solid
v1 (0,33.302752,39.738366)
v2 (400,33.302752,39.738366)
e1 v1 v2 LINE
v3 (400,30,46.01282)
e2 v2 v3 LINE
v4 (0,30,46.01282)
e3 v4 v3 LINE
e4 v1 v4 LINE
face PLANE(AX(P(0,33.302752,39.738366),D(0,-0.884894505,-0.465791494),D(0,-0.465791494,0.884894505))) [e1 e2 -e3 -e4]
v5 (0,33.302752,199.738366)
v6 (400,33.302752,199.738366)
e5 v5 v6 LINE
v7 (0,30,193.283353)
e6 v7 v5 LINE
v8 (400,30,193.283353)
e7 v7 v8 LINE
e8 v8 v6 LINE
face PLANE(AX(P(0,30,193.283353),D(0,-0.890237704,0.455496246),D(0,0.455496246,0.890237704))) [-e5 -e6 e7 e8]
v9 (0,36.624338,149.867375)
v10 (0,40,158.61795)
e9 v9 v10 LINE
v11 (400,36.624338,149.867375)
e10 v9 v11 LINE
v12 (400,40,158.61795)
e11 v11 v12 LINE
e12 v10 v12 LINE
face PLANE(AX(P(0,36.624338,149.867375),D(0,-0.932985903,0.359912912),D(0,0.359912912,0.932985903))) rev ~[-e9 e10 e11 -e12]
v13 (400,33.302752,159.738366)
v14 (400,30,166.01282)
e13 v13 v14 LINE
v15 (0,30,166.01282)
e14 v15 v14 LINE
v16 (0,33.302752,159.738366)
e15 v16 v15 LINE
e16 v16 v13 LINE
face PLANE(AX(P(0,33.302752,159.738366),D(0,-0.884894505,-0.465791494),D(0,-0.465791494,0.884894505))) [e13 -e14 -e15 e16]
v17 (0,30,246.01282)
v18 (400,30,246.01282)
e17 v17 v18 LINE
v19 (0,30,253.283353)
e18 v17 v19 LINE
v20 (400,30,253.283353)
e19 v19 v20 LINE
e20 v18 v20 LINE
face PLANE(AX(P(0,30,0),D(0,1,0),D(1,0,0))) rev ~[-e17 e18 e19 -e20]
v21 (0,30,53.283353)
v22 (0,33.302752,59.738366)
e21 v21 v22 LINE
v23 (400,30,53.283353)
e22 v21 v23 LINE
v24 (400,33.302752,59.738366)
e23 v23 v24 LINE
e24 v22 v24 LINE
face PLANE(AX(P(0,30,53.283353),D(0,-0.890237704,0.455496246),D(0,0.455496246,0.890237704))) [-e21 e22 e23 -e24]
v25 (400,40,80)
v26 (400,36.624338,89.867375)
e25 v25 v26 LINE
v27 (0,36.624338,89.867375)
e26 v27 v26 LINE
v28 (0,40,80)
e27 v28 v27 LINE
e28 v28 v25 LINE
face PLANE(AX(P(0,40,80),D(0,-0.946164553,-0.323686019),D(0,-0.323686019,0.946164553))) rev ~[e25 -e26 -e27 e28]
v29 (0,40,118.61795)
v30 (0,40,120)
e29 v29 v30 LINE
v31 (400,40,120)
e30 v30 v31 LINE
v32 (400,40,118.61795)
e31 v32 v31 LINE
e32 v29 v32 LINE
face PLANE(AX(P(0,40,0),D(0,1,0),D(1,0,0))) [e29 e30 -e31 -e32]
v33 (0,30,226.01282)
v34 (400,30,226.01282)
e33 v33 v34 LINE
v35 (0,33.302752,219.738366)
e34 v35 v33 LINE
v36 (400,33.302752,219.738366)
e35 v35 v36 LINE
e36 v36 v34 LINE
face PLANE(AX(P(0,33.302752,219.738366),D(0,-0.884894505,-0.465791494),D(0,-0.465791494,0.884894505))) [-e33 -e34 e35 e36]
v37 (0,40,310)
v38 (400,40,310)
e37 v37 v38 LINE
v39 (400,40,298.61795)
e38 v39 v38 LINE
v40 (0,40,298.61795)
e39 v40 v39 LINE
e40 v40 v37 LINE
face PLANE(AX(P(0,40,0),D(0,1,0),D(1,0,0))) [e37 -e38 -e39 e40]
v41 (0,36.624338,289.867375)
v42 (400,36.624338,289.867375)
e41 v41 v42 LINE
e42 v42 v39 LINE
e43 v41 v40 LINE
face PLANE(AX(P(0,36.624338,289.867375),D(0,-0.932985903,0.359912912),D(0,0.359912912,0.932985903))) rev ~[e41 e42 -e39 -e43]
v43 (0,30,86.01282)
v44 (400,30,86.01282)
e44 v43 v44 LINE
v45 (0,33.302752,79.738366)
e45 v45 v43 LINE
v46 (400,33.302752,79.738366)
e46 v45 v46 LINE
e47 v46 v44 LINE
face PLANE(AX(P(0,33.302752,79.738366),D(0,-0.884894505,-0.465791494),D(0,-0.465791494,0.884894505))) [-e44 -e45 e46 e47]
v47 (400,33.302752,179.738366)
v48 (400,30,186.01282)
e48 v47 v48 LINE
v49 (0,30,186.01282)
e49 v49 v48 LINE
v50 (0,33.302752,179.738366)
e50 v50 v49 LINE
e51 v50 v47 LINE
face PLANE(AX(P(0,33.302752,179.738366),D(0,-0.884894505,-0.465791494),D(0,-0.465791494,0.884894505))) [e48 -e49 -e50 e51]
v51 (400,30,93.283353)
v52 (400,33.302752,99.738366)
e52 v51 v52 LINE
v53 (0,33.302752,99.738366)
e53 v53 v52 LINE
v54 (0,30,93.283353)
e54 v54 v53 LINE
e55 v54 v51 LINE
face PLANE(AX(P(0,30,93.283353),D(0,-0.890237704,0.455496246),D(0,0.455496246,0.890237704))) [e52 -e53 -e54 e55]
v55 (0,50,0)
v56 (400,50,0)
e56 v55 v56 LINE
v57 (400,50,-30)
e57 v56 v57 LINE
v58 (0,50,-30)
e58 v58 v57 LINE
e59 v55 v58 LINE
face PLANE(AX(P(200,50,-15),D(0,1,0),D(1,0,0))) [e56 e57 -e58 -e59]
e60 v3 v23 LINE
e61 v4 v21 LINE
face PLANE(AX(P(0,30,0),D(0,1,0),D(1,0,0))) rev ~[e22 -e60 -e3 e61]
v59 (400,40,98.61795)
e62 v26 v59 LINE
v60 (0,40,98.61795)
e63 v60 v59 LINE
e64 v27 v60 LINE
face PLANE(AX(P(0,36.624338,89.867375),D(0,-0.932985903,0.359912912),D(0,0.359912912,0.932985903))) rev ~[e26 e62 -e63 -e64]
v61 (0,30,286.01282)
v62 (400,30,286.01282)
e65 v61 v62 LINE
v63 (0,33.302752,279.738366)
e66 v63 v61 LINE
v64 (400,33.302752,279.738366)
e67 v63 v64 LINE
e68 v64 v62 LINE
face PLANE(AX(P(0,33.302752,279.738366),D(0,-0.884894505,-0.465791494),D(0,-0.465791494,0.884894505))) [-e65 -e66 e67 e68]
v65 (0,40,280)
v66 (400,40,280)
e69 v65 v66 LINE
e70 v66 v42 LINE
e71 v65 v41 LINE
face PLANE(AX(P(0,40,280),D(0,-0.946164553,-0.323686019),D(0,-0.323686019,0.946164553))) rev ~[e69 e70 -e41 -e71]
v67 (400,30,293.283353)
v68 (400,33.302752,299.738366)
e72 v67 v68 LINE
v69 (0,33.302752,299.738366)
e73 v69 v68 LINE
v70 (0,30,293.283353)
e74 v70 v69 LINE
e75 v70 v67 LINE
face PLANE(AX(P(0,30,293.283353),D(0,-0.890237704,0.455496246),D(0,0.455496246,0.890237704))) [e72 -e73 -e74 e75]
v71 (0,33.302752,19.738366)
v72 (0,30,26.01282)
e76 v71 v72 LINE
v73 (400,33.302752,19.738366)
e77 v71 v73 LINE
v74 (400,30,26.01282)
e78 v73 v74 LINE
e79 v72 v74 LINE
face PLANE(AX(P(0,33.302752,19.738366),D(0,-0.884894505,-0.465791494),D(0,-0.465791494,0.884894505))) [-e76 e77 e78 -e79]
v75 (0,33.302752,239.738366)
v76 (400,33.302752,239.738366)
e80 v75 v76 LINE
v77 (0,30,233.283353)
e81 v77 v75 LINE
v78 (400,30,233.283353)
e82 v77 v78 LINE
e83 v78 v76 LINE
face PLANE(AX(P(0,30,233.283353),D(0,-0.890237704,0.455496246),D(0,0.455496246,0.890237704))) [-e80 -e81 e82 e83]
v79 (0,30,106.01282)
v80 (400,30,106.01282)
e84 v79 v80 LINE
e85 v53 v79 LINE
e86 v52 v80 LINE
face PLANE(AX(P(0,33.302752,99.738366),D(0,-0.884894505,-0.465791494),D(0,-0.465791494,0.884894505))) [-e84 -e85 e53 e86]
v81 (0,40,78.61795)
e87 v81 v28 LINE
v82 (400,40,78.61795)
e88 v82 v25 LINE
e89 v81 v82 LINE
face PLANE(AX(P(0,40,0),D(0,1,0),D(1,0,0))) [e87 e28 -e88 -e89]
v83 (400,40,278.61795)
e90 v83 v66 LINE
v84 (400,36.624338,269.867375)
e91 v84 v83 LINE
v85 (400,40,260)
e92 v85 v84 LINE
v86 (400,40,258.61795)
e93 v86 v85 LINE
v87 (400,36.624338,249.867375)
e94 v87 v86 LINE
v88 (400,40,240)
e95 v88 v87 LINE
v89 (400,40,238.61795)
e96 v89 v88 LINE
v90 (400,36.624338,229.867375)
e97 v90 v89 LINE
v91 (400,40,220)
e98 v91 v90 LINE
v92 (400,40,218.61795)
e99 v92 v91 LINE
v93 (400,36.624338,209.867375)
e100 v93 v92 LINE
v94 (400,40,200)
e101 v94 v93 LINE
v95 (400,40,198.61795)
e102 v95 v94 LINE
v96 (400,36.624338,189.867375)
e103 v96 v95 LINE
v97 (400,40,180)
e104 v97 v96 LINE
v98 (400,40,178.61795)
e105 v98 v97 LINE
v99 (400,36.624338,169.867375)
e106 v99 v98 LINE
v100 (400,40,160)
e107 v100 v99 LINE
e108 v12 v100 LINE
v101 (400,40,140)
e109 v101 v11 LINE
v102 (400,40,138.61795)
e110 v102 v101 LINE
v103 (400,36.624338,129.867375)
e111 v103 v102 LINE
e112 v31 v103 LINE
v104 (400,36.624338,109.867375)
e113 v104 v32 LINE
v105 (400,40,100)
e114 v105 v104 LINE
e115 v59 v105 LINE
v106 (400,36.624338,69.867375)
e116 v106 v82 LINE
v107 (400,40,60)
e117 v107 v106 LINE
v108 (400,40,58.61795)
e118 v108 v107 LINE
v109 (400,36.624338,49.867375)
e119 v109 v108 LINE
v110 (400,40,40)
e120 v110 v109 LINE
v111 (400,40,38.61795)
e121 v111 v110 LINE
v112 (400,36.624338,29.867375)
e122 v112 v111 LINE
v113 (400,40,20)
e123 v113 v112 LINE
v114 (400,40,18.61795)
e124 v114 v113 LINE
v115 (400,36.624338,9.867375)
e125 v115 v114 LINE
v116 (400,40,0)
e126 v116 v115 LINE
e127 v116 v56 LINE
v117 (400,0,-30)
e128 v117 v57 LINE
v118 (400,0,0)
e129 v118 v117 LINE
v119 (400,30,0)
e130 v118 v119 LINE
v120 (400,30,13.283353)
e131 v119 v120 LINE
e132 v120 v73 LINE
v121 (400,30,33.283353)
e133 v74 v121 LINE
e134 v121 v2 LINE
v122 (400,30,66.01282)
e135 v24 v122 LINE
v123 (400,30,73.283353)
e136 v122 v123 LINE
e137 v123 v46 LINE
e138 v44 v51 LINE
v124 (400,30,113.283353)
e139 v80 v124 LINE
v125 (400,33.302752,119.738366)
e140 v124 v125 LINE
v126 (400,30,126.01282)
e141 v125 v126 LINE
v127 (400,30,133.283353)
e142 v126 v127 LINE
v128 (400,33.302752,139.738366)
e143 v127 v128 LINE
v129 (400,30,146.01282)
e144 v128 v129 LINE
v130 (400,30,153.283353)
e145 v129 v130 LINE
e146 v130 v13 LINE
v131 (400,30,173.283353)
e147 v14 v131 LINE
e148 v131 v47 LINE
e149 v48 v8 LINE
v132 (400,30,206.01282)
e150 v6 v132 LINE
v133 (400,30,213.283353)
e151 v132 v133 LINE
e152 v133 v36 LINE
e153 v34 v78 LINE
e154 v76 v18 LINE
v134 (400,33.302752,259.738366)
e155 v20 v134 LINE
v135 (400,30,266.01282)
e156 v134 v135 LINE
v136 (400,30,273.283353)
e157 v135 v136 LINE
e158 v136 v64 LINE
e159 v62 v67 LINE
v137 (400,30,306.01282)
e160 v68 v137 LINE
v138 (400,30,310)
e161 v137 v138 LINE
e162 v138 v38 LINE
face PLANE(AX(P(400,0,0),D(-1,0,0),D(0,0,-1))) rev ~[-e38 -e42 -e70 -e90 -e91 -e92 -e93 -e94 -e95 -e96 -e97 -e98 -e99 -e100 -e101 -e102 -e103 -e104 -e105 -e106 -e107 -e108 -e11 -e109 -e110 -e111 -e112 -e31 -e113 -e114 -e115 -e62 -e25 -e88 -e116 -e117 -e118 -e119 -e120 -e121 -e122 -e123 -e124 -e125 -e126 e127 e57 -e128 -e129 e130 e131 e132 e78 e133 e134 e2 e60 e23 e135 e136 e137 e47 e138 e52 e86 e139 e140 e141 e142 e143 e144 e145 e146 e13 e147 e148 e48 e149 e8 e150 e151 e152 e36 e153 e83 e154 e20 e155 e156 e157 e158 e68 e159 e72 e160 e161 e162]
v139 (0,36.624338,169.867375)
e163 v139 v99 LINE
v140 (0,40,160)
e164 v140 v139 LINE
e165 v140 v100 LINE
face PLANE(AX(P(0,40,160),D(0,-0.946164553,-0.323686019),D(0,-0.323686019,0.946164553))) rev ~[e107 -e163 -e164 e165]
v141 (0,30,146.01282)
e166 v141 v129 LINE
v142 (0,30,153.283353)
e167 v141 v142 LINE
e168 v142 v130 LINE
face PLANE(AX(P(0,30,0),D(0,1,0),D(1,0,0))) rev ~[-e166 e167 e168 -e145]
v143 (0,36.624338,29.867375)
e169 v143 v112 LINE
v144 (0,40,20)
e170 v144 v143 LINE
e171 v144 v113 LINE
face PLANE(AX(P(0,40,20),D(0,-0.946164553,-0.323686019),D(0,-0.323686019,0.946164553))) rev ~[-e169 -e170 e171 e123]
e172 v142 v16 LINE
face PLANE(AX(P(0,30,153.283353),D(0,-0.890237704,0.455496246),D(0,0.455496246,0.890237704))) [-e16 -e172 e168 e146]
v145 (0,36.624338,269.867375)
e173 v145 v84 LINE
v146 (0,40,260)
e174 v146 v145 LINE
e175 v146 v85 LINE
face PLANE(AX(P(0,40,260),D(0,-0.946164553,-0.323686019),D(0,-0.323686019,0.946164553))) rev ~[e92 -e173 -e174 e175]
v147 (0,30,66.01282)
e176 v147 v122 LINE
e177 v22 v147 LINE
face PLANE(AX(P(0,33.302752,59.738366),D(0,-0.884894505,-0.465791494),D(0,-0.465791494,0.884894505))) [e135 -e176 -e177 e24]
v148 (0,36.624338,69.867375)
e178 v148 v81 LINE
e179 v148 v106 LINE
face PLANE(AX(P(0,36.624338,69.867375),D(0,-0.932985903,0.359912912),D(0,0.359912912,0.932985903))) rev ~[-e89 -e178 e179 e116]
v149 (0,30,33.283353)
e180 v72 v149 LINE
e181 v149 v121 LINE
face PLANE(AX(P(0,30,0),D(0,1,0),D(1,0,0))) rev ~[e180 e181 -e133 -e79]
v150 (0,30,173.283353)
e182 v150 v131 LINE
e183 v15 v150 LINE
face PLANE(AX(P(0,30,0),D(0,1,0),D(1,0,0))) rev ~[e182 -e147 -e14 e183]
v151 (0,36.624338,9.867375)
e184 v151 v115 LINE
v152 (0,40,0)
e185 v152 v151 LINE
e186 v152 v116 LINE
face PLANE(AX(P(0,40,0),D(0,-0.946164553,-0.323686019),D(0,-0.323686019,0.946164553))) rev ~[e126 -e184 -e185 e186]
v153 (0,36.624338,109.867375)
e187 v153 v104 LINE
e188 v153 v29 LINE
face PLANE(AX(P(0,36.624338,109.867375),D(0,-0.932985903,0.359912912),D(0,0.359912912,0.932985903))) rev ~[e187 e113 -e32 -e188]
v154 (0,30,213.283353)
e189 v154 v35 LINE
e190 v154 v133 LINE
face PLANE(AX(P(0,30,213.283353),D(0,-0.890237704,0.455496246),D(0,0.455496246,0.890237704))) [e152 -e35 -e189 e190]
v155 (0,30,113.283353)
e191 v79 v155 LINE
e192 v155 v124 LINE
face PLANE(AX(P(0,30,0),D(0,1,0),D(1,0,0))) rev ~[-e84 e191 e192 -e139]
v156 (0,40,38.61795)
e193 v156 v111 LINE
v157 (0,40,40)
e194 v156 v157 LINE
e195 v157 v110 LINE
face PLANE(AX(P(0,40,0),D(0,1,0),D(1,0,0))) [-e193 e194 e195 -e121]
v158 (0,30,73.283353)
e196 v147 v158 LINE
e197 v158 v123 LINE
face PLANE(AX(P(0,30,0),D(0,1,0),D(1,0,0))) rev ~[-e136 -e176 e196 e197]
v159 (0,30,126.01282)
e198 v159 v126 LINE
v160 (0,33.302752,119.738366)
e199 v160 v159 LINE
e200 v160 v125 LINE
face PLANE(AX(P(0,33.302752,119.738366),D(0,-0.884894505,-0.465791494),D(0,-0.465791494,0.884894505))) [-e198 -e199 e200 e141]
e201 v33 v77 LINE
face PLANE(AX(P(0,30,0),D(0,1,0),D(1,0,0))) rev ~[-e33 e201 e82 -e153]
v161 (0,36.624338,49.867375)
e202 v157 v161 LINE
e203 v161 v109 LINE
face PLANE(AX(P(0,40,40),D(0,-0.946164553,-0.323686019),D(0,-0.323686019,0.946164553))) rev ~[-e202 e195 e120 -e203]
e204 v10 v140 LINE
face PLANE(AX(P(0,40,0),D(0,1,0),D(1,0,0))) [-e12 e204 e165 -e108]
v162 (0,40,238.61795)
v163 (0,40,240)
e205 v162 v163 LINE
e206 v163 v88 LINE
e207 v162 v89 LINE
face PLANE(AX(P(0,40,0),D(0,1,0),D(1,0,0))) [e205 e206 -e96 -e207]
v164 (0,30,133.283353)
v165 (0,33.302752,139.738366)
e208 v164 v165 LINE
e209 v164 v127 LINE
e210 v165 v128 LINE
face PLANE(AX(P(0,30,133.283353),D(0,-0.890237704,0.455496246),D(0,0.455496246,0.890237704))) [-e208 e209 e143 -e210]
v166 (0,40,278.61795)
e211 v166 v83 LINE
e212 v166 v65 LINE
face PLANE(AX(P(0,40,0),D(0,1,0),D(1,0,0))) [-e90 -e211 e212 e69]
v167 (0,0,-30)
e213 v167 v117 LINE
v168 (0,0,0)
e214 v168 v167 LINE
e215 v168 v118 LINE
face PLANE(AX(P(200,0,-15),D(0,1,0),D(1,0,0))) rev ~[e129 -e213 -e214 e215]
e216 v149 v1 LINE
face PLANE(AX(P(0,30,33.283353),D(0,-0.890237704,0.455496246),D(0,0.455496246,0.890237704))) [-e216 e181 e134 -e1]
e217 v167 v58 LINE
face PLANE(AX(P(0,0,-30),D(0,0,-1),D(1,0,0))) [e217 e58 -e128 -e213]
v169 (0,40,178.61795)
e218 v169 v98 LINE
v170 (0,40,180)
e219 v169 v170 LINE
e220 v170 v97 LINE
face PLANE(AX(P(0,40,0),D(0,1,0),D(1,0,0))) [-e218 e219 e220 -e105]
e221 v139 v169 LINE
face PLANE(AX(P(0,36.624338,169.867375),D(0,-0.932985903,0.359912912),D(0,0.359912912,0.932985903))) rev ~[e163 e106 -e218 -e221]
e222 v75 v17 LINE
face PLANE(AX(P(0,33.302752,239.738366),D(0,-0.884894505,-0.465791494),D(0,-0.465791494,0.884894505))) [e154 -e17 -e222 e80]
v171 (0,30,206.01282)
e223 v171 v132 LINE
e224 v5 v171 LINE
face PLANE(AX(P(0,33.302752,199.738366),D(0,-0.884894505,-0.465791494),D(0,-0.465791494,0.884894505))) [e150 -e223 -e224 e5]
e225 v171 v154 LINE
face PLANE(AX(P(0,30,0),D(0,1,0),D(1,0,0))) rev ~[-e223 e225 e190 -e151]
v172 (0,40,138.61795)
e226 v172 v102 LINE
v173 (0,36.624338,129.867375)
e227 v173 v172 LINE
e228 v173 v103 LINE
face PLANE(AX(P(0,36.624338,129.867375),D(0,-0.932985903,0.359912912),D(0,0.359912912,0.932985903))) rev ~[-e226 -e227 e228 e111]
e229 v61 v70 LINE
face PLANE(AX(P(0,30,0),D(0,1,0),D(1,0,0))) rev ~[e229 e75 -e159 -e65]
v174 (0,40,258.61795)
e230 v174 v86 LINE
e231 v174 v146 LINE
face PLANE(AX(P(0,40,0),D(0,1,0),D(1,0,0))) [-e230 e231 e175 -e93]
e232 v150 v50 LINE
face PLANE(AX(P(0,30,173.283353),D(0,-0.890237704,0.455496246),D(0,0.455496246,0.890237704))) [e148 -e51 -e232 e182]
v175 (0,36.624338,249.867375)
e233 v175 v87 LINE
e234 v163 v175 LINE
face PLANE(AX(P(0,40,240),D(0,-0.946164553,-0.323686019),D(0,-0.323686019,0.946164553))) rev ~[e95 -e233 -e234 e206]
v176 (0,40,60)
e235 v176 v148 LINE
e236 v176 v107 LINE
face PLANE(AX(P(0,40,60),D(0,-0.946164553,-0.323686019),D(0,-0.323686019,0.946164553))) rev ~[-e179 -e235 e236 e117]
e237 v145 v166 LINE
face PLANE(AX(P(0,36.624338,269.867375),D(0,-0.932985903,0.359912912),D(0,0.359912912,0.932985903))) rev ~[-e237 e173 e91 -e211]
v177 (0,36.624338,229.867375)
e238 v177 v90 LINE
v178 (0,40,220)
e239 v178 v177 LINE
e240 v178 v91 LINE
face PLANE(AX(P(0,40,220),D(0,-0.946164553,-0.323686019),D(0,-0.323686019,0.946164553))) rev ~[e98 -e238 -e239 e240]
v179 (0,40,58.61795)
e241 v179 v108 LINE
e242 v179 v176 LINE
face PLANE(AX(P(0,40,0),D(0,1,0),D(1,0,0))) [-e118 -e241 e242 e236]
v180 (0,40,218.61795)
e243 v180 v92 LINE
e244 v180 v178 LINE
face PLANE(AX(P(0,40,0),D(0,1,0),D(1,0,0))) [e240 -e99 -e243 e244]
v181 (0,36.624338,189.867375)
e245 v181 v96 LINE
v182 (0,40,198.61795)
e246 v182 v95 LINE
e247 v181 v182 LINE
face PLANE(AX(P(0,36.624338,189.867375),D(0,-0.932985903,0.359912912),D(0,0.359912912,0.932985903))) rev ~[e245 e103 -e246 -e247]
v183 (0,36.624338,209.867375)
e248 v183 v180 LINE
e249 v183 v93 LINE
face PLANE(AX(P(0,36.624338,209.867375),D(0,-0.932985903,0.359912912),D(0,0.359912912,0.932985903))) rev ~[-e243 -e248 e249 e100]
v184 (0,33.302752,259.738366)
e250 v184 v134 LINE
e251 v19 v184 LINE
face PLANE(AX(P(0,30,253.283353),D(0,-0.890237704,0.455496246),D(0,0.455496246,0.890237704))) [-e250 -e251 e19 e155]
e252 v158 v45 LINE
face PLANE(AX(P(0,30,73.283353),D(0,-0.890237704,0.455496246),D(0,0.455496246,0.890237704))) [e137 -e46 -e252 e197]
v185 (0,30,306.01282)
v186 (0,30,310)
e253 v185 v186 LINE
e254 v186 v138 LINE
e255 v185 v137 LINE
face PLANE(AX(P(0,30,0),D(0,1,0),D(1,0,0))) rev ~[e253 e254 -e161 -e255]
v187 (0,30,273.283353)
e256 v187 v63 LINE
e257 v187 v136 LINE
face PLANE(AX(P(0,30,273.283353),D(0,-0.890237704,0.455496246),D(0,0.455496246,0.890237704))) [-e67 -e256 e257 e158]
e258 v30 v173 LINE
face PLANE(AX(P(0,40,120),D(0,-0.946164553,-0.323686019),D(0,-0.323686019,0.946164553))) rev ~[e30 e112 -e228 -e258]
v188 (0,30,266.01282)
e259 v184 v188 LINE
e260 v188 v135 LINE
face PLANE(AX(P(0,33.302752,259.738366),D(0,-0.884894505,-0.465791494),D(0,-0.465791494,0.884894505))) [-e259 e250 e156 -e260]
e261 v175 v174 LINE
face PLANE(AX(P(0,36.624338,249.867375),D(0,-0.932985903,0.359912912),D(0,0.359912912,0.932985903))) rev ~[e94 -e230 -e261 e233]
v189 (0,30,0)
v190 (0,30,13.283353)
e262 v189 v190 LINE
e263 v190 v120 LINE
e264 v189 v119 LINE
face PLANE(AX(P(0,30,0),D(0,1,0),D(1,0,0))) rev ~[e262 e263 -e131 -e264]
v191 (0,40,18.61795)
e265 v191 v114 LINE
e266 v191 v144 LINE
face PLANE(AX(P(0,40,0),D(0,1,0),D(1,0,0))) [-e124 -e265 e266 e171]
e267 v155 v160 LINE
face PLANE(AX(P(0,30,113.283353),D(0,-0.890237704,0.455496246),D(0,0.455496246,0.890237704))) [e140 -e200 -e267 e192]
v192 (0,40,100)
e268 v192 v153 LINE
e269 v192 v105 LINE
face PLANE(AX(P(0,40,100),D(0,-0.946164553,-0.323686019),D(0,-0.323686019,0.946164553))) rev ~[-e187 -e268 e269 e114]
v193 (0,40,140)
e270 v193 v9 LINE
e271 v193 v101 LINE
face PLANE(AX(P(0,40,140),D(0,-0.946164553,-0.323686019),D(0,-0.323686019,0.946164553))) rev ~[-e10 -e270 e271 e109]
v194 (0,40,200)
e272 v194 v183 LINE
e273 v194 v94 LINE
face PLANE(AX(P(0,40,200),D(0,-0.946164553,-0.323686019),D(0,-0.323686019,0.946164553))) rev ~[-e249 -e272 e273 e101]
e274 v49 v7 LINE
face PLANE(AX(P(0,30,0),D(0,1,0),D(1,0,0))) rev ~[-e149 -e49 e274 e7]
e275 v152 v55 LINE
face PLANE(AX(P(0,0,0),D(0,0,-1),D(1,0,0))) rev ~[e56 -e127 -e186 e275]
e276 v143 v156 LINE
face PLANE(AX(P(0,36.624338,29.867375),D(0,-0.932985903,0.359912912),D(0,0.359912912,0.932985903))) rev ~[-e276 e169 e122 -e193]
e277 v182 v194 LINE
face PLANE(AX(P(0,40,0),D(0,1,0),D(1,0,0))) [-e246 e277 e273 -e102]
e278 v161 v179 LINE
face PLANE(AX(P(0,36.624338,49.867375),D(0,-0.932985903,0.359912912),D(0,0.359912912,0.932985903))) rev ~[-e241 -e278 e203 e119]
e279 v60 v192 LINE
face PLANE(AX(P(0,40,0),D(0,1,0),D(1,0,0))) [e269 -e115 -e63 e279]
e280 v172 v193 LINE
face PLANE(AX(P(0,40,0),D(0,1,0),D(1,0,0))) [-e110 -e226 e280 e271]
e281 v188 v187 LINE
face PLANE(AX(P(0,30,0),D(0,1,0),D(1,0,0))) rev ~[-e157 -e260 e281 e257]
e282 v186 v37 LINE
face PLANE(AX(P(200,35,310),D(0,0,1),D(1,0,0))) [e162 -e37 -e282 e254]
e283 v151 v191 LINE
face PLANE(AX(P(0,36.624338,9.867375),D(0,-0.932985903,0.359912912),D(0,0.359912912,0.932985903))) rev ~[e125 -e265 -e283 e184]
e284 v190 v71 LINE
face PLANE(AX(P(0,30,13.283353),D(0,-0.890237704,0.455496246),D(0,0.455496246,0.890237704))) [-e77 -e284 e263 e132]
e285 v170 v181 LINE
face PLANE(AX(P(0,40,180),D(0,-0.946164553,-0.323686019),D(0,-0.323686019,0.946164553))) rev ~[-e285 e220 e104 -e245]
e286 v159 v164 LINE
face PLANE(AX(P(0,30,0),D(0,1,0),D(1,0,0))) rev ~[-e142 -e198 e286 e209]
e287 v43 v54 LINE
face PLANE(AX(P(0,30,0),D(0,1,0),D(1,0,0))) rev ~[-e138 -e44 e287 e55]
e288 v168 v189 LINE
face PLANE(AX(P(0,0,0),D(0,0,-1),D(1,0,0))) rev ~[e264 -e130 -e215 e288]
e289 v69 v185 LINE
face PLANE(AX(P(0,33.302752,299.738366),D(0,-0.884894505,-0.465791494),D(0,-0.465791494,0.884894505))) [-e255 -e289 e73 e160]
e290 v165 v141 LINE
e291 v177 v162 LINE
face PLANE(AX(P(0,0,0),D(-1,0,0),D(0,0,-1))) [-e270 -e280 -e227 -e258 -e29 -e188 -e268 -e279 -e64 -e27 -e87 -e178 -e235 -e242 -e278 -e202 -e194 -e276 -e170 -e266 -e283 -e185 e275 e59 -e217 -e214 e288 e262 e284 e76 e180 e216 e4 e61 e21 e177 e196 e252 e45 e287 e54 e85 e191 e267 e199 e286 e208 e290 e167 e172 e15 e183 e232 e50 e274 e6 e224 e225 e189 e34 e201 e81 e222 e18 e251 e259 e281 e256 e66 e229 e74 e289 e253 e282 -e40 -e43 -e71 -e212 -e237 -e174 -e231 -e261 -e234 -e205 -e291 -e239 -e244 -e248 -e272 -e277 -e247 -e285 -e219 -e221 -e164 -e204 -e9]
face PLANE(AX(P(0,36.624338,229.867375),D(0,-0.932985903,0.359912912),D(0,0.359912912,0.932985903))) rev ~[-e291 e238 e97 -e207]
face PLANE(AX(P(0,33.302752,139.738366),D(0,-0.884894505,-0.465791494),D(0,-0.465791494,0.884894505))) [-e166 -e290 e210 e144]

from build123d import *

# Parameters (mm, degrees)
SKETCH1_W           = 400
SKETCH1_H           = 30
BOSS_EXTRUDE1_DEPTH = 50
SKETCH2_W           = 400
SKETCH2_H           = 10
BOSS_EXTRUDE2_DEPTH = 310
CUT_EXTRUDE1_DEPTH  = 400
LPATTERN1_COUNT     = 15
LPATTERN1_PITCH     = 20


with BuildPart() as part:
    # Sketch1 → Boss-Extrude1 (new body)
    with BuildSketch(Plane(origin=(0, 0, 0), x_dir=(1, 0, 0), z_dir=(0, 1, 0))):
        with Locations((200, 15)):
            Rectangle(SKETCH1_W, SKETCH1_H)
    extrude(amount=BOSS_EXTRUDE1_DEPTH)

    # Sketch2 → Boss-Extrude2 (add)
    with BuildSketch(Plane.XY):
        with Locations((200, 35)):
            Rectangle(SKETCH2_W, SKETCH2_H)
    extrude(amount=BOSS_EXTRUDE2_DEPTH)

    # Sketch3 → Cut-Extrude1 (cut)
    with BuildSketch(Plane.ZY):
        Polygon((0, 40), (9.867375243, 36.624338333), (18.617949732, 40), align=None)
        Polygon((13.283352971, 30), (19.738366334, 33.302751996), (26.012819883, 30), align=None)
    cut_extrude1 = extrude(amount=-CUT_EXTRUDE1_DEPTH, mode=Mode.SUBTRACT)

    # LPattern1: Cut-Extrude1 ×15
    with Locations(*[(0, 0, i * LPATTERN1_PITCH) for i in range(1, LPATTERN1_COUNT)]):
        add(cut_extrude1, mode=Mode.SUBTRACT)


solid = part.part
